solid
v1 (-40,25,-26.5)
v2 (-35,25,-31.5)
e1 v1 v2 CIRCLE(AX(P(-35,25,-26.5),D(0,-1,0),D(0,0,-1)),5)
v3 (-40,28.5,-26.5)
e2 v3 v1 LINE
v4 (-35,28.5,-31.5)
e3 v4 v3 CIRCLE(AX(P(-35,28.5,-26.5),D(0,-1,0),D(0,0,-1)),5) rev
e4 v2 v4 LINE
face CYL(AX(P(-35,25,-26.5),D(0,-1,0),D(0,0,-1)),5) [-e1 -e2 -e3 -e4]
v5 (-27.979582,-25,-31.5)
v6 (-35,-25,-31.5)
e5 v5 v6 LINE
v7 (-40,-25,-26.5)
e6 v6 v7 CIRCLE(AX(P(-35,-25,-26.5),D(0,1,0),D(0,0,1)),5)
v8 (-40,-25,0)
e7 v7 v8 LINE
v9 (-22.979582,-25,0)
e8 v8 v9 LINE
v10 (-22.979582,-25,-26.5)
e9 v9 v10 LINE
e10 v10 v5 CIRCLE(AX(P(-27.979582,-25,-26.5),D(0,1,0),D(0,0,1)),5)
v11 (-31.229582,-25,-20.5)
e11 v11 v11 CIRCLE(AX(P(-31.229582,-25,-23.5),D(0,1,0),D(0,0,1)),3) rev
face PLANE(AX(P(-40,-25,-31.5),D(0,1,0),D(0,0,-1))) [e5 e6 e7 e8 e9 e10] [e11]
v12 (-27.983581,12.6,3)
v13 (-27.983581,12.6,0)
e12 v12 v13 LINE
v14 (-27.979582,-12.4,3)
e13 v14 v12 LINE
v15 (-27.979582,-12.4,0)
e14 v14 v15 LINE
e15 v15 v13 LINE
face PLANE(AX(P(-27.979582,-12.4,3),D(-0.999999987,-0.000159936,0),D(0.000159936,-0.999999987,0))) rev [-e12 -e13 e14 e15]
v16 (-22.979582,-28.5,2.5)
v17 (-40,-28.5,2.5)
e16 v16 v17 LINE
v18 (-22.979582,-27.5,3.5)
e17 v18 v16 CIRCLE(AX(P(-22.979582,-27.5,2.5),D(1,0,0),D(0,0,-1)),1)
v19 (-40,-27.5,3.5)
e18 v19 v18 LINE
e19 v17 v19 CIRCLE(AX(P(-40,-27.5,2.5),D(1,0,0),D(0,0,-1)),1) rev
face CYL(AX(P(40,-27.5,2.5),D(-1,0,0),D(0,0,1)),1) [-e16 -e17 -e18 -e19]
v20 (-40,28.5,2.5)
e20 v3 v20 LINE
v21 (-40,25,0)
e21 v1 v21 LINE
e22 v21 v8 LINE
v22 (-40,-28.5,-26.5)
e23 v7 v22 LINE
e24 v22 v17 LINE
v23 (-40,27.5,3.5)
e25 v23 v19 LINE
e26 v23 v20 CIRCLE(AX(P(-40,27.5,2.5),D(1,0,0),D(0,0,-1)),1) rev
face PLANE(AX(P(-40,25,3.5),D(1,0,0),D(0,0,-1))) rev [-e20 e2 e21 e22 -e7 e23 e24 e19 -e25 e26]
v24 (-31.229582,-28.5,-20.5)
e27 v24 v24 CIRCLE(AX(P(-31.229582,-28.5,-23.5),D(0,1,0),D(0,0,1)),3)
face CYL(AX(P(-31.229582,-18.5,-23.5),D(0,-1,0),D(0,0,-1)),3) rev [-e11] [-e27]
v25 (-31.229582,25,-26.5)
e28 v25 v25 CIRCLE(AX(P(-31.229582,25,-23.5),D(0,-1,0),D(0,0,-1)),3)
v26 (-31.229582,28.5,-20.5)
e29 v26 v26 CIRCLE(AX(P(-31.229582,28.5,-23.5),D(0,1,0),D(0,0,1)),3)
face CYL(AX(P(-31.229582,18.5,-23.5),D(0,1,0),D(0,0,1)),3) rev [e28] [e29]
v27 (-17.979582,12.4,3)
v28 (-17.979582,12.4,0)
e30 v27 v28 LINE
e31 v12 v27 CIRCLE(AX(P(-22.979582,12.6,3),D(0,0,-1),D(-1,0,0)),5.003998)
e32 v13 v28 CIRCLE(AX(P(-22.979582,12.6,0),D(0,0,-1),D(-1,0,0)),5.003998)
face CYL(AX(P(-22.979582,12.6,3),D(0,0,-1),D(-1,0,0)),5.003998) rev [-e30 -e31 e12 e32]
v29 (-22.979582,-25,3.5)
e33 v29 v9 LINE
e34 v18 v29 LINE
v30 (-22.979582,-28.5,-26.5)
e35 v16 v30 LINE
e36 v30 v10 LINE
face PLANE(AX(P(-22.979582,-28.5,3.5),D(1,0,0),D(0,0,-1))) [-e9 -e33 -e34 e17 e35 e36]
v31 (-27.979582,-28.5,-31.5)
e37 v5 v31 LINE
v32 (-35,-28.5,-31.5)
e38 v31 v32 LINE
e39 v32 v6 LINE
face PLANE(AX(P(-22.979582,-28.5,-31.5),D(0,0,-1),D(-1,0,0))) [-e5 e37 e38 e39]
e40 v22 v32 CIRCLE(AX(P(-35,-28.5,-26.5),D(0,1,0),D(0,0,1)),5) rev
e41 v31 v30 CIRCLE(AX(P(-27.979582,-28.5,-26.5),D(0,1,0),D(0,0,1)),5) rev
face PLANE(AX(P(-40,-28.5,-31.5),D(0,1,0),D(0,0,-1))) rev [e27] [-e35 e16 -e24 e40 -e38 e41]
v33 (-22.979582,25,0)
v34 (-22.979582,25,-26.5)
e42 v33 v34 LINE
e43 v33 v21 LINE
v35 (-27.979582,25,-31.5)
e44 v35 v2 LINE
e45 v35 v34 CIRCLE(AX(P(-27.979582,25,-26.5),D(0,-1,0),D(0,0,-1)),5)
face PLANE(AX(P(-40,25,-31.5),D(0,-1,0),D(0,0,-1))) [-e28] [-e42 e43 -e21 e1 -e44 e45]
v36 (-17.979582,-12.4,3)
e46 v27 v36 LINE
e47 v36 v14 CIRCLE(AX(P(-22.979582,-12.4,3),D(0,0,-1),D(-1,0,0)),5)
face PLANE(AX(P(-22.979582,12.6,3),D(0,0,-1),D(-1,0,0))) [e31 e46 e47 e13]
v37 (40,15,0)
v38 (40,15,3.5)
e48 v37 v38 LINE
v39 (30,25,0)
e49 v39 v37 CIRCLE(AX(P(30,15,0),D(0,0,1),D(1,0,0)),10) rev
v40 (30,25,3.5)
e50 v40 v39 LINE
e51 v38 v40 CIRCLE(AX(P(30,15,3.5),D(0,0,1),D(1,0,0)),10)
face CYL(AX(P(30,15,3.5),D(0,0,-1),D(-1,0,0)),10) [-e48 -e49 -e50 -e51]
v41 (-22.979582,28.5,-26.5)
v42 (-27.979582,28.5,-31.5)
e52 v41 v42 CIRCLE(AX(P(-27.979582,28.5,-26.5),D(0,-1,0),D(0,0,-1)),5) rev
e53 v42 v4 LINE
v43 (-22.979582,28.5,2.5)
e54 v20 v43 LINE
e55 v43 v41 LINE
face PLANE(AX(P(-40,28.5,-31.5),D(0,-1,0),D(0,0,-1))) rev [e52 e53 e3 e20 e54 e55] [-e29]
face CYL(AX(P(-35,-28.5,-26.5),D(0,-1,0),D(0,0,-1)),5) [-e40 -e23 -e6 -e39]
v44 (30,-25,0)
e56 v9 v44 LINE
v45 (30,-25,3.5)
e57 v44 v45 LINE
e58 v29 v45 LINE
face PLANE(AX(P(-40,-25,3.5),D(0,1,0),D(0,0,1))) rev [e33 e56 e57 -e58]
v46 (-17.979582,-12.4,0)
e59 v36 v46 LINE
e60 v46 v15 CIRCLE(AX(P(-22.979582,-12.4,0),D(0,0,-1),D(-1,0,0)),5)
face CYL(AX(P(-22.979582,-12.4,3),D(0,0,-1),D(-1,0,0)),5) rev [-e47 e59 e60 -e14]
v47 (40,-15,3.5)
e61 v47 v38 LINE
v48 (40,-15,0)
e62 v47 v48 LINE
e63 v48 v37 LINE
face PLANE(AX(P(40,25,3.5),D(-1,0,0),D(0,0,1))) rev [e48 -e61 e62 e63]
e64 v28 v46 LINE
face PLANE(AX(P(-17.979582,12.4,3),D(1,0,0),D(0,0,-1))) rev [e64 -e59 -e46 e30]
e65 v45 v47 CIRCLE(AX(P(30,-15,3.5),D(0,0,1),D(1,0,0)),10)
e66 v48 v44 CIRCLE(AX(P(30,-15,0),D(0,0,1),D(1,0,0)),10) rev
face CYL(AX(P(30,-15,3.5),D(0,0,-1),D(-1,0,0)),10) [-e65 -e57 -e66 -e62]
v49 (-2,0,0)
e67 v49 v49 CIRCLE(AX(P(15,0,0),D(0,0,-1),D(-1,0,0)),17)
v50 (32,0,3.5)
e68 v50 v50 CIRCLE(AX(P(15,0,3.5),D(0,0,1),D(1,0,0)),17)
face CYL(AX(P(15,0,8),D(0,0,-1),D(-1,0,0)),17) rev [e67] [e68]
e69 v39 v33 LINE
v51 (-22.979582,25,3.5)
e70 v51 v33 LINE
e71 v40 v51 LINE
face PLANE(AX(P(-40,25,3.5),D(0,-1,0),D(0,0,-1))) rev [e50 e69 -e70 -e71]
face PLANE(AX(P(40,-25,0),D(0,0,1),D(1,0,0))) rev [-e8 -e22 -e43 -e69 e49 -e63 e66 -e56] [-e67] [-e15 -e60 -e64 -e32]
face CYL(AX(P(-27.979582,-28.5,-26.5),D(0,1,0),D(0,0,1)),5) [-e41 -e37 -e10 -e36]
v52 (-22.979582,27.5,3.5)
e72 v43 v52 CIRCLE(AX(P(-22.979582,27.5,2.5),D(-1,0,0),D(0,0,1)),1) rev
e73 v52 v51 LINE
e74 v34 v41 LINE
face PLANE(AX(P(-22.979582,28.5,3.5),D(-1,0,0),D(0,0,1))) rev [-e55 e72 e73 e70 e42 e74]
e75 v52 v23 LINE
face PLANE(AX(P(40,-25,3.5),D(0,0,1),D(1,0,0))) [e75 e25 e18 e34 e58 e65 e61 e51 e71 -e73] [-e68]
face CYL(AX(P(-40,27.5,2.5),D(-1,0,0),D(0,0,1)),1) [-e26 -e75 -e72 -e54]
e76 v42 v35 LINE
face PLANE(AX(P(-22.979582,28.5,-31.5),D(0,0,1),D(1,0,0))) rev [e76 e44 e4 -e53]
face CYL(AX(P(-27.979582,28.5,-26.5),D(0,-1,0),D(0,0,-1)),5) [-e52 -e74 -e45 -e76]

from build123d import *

# Parameters (mm, degrees)
SKETCH_1_W          = 80
SKETCH_1_H          = 50
EXTRUDE_1_DEPTH     = 3.5
CUT_EXTRUDE_1_DEPTH = 3
SKETCH_12_W         = 17.020417597
SKETCH_12_H         = 35
EXTRUDE_2_DEPTH     = 3.5
FILLET_1_R          = 1
FILLET_2_R          = 5
SKETCH_13_R         = 3
CUT_EXTRUDE_2_DEPTH = 10
SKETCH_14_R         = 17
CUT_EXTRUDE_3_DEPTH = 8
FILLET_3_R          = 10


with BuildPart() as part:
    # 草图1 → 凸台-拉伸1 (new body)
    with BuildSketch(Plane.XY):
        Rectangle(SKETCH_1_W, SKETCH_1_H)
    extrude(amount=EXTRUDE_1_DEPTH)

    # 草图2 → 切除-拉伸1 (cut)
    with BuildSketch(Plane(origin=(0, 0, 0), x_dir=(-1, 0, 0), z_dir=(0, 0, -1))):
        with BuildLine():
            Line((27.979582403, -12.4), (27.983580804, 12.6))
            ThreePointArc((27.983580804, 12.6), (22.879562421, 17.602998701), (17.979582403, 12.4))
            Line((17.979582403, 12.4), (17.979582403, -12.4))
            ThreePointArc((17.979582403, -12.4), (22.979582403, -17.4), (27.979582403, -12.4))
        make_face()
    extrude(amount=-CUT_EXTRUDE_1_DEPTH, mode=Mode.SUBTRACT)

    # 草图12 → 凸台-拉伸2 (add)
    with BuildSketch(Plane(origin=(0, 25, 0), x_dir=(1, 0, 0), z_dir=(0, 1, 0))):
        with Locations((-31.489791202, 14)):
            Rectangle(SKETCH_12_W, SKETCH_12_H)
    extrude_2 = extrude(amount=EXTRUDE_2_DEPTH)

    # 镜向1: 凸台-拉伸2 across plane
    add(extrude_2.mirror(Plane.ZX))

    # 圆角1
    fillet_1_edges = [part.edges().sort_by_distance(p)[0] for p in [
        (-31.489791201, 28.5, 3.5),
        (-31.489791201, -28.5, 3.5),
    ]]
    fillet(fillet_1_edges, radius=FILLET_1_R)

    # 圆角2
    fillet_2_edges = [part.edges().sort_by_distance(p)[0] for p in [
        (-22.979582403, -26.75, -31.5),
        (-40, -26.75, -31.5),
        (-40, 26.75, -31.5),
        (-22.979582403, 26.75, -31.5),
    ]]
    fillet(fillet_2_edges, radius=FILLET_2_R)

    # 草图13 → 切除-拉伸2 (cut)
    with BuildSketch(Plane(origin=(0, 28.5, 0), x_dir=(1, 0, 0), z_dir=(0, 1, 0))):
        with Locations(Location((-31.229582403, 23.5, 0), (0, 0, 270))):
            Circle(SKETCH_13_R)
    cut_extrude_2 = extrude(amount=-CUT_EXTRUDE_2_DEPTH, mode=Mode.SUBTRACT)

    # 镜向2: 切除-拉伸2 across plane
    add(cut_extrude_2.mirror(Plane.ZX), mode=Mode.SUBTRACT)

    # 草图14 → 切除-拉伸3 (cut)
    with BuildSketch(Plane(origin=(0, 0, 0), x_dir=(-1, 0, 0), z_dir=(0, 0, -1))):
        with Locations((-15, 0)):
            Circle(SKETCH_14_R)
    extrude(amount=-CUT_EXTRUDE_3_DEPTH, mode=Mode.SUBTRACT)

    # 圆角3
    fillet_3_edges = [part.edges().sort_by_distance(p)[0] for p in [
        (40, -25, 1.75),
        (40, 25, 1.75),
    ]]
    fillet(fillet_3_edges, radius=FILLET_3_R)


solid = part.part
